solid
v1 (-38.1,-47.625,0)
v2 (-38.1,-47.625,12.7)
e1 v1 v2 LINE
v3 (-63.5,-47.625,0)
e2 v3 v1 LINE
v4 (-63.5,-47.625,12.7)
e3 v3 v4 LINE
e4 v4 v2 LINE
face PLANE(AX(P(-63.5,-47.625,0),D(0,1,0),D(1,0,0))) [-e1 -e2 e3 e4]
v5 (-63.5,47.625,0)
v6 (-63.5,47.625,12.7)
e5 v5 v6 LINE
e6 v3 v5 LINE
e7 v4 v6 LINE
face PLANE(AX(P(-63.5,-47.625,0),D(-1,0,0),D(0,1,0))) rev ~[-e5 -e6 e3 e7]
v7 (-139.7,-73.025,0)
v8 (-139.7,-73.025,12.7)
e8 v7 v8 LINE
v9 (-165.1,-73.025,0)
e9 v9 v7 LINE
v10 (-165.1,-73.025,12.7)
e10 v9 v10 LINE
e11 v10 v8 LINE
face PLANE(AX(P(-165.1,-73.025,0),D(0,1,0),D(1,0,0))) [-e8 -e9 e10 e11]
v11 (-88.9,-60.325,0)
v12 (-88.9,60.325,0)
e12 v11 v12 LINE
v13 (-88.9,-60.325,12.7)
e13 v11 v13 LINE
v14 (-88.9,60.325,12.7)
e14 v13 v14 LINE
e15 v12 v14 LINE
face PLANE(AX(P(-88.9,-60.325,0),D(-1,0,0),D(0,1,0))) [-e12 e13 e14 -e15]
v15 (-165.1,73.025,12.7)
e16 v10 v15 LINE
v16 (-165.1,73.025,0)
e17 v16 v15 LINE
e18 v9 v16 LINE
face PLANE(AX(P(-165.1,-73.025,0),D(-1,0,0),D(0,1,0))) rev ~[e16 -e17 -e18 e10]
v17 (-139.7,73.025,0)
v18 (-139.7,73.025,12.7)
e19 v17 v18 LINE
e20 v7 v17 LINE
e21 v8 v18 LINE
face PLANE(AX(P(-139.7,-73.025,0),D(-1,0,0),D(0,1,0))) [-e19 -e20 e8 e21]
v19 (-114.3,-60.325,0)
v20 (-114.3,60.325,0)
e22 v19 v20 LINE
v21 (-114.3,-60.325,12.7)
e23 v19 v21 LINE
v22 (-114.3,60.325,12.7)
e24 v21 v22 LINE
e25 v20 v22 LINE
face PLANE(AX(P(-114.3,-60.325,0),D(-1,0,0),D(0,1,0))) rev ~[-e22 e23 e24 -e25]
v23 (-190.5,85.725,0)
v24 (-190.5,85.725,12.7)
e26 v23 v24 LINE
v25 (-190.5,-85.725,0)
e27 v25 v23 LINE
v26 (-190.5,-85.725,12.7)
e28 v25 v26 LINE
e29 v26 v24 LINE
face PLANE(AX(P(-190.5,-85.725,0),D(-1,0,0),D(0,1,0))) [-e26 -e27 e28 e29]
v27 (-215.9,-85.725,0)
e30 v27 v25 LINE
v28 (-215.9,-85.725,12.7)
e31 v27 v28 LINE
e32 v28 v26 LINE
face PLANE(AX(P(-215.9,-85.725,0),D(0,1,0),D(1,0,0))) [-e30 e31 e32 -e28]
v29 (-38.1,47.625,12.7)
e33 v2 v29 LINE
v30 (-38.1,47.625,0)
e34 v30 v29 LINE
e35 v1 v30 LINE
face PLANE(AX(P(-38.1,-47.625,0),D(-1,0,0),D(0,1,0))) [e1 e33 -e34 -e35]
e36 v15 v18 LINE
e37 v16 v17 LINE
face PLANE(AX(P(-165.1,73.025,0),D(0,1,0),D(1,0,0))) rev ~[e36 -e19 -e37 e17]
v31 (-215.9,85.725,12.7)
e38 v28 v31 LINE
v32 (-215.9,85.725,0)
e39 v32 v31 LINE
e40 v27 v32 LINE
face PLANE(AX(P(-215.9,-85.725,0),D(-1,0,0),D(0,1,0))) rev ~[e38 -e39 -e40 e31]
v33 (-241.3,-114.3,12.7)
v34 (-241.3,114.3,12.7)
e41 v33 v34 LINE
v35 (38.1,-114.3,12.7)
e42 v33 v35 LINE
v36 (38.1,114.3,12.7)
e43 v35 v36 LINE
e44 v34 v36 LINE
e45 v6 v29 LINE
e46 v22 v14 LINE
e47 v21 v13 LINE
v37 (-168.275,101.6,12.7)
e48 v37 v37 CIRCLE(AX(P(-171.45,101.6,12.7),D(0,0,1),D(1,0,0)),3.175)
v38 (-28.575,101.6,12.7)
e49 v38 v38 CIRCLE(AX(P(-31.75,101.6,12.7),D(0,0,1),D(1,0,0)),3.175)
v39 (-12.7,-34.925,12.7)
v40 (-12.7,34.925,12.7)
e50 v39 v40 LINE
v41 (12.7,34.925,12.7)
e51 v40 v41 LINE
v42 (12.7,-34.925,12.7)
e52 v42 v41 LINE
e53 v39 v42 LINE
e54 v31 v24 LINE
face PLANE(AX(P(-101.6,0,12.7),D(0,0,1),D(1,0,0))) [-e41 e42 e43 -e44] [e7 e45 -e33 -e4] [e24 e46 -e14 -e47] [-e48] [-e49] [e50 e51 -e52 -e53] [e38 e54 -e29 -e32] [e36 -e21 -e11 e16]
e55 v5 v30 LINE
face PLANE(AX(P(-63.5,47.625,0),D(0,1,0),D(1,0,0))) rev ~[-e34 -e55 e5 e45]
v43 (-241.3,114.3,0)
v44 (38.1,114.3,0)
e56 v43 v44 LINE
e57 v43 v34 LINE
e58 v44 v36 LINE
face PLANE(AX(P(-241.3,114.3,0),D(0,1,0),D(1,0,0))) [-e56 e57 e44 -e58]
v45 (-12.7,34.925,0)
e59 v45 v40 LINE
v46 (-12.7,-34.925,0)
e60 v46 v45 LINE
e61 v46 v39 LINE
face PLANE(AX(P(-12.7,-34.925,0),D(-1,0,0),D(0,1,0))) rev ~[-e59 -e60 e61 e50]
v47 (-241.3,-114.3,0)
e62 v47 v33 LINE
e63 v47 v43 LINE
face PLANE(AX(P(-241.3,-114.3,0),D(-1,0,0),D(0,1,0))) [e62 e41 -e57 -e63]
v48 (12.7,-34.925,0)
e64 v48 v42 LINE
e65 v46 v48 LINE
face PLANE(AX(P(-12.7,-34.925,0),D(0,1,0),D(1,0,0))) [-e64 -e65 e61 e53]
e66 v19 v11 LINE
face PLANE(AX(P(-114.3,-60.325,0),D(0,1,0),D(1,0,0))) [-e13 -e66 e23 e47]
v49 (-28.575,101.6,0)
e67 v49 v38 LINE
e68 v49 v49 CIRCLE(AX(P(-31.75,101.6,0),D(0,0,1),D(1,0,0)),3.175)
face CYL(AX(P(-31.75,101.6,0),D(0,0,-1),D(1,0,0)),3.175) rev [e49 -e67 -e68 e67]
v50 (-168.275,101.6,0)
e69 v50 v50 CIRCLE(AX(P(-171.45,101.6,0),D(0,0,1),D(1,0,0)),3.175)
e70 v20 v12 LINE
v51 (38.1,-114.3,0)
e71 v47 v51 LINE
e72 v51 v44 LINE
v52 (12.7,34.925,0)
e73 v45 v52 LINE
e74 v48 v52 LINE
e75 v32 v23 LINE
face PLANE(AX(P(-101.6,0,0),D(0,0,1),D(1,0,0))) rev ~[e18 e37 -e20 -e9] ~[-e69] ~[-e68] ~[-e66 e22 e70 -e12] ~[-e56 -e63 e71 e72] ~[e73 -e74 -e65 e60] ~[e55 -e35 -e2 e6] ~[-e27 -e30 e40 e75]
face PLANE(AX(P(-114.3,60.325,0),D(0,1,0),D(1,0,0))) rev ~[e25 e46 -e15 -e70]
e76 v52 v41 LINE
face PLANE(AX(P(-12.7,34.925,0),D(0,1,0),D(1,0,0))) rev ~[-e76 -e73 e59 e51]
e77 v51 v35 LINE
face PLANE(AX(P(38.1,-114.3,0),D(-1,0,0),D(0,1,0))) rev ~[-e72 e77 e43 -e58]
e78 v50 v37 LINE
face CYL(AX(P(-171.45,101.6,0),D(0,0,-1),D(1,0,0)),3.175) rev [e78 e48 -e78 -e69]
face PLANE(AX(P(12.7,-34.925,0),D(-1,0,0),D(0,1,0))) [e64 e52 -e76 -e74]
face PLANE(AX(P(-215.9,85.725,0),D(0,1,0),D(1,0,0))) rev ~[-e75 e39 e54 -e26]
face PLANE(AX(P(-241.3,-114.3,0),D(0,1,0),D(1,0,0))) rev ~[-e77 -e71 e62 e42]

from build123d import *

# Parameters (mm, degrees)
F0_W     = 279.4
F0_H     = 228.6
F0_W_2   = 25.4
F0_H_2   = 171.45
F0_H_3   = 146.05
F0_R     = 3.175
F0_H_4   = 120.65
F0_H_5   = 95.25
F0_H_6   = 69.85
F1_DEPTH = 12.7


with BuildPart() as f1:
    # F0 (on Top) → F1 (new body)
    with BuildSketch(Plane.XY):
        with Locations((-101.6, 0)):
            Rectangle(F0_W, F0_H)
        with Locations((-203.2, 0)):
            Rectangle(F0_W_2, F0_H_2, mode=Mode.SUBTRACT)
        with Locations((-152.4, 0)):
            Rectangle(F0_W_2, F0_H_3, mode=Mode.SUBTRACT)
        with Locations((-171.45, 101.6)):
            Circle(F0_R, mode=Mode.SUBTRACT)
        with Locations((-101.6, 0)):
            Rectangle(F0_W_2, F0_H_4, mode=Mode.SUBTRACT)
        with Locations((-50.8, 0)):
            Rectangle(F0_W_2, F0_H_5, mode=Mode.SUBTRACT)
        Rectangle(F0_W_2, F0_H_6, mode=Mode.SUBTRACT)
        with Locations((-31.75, 101.6)):
            Circle(F0_R, mode=Mode.SUBTRACT)
    extrude(amount=F1_DEPTH)


solid = f1.part
